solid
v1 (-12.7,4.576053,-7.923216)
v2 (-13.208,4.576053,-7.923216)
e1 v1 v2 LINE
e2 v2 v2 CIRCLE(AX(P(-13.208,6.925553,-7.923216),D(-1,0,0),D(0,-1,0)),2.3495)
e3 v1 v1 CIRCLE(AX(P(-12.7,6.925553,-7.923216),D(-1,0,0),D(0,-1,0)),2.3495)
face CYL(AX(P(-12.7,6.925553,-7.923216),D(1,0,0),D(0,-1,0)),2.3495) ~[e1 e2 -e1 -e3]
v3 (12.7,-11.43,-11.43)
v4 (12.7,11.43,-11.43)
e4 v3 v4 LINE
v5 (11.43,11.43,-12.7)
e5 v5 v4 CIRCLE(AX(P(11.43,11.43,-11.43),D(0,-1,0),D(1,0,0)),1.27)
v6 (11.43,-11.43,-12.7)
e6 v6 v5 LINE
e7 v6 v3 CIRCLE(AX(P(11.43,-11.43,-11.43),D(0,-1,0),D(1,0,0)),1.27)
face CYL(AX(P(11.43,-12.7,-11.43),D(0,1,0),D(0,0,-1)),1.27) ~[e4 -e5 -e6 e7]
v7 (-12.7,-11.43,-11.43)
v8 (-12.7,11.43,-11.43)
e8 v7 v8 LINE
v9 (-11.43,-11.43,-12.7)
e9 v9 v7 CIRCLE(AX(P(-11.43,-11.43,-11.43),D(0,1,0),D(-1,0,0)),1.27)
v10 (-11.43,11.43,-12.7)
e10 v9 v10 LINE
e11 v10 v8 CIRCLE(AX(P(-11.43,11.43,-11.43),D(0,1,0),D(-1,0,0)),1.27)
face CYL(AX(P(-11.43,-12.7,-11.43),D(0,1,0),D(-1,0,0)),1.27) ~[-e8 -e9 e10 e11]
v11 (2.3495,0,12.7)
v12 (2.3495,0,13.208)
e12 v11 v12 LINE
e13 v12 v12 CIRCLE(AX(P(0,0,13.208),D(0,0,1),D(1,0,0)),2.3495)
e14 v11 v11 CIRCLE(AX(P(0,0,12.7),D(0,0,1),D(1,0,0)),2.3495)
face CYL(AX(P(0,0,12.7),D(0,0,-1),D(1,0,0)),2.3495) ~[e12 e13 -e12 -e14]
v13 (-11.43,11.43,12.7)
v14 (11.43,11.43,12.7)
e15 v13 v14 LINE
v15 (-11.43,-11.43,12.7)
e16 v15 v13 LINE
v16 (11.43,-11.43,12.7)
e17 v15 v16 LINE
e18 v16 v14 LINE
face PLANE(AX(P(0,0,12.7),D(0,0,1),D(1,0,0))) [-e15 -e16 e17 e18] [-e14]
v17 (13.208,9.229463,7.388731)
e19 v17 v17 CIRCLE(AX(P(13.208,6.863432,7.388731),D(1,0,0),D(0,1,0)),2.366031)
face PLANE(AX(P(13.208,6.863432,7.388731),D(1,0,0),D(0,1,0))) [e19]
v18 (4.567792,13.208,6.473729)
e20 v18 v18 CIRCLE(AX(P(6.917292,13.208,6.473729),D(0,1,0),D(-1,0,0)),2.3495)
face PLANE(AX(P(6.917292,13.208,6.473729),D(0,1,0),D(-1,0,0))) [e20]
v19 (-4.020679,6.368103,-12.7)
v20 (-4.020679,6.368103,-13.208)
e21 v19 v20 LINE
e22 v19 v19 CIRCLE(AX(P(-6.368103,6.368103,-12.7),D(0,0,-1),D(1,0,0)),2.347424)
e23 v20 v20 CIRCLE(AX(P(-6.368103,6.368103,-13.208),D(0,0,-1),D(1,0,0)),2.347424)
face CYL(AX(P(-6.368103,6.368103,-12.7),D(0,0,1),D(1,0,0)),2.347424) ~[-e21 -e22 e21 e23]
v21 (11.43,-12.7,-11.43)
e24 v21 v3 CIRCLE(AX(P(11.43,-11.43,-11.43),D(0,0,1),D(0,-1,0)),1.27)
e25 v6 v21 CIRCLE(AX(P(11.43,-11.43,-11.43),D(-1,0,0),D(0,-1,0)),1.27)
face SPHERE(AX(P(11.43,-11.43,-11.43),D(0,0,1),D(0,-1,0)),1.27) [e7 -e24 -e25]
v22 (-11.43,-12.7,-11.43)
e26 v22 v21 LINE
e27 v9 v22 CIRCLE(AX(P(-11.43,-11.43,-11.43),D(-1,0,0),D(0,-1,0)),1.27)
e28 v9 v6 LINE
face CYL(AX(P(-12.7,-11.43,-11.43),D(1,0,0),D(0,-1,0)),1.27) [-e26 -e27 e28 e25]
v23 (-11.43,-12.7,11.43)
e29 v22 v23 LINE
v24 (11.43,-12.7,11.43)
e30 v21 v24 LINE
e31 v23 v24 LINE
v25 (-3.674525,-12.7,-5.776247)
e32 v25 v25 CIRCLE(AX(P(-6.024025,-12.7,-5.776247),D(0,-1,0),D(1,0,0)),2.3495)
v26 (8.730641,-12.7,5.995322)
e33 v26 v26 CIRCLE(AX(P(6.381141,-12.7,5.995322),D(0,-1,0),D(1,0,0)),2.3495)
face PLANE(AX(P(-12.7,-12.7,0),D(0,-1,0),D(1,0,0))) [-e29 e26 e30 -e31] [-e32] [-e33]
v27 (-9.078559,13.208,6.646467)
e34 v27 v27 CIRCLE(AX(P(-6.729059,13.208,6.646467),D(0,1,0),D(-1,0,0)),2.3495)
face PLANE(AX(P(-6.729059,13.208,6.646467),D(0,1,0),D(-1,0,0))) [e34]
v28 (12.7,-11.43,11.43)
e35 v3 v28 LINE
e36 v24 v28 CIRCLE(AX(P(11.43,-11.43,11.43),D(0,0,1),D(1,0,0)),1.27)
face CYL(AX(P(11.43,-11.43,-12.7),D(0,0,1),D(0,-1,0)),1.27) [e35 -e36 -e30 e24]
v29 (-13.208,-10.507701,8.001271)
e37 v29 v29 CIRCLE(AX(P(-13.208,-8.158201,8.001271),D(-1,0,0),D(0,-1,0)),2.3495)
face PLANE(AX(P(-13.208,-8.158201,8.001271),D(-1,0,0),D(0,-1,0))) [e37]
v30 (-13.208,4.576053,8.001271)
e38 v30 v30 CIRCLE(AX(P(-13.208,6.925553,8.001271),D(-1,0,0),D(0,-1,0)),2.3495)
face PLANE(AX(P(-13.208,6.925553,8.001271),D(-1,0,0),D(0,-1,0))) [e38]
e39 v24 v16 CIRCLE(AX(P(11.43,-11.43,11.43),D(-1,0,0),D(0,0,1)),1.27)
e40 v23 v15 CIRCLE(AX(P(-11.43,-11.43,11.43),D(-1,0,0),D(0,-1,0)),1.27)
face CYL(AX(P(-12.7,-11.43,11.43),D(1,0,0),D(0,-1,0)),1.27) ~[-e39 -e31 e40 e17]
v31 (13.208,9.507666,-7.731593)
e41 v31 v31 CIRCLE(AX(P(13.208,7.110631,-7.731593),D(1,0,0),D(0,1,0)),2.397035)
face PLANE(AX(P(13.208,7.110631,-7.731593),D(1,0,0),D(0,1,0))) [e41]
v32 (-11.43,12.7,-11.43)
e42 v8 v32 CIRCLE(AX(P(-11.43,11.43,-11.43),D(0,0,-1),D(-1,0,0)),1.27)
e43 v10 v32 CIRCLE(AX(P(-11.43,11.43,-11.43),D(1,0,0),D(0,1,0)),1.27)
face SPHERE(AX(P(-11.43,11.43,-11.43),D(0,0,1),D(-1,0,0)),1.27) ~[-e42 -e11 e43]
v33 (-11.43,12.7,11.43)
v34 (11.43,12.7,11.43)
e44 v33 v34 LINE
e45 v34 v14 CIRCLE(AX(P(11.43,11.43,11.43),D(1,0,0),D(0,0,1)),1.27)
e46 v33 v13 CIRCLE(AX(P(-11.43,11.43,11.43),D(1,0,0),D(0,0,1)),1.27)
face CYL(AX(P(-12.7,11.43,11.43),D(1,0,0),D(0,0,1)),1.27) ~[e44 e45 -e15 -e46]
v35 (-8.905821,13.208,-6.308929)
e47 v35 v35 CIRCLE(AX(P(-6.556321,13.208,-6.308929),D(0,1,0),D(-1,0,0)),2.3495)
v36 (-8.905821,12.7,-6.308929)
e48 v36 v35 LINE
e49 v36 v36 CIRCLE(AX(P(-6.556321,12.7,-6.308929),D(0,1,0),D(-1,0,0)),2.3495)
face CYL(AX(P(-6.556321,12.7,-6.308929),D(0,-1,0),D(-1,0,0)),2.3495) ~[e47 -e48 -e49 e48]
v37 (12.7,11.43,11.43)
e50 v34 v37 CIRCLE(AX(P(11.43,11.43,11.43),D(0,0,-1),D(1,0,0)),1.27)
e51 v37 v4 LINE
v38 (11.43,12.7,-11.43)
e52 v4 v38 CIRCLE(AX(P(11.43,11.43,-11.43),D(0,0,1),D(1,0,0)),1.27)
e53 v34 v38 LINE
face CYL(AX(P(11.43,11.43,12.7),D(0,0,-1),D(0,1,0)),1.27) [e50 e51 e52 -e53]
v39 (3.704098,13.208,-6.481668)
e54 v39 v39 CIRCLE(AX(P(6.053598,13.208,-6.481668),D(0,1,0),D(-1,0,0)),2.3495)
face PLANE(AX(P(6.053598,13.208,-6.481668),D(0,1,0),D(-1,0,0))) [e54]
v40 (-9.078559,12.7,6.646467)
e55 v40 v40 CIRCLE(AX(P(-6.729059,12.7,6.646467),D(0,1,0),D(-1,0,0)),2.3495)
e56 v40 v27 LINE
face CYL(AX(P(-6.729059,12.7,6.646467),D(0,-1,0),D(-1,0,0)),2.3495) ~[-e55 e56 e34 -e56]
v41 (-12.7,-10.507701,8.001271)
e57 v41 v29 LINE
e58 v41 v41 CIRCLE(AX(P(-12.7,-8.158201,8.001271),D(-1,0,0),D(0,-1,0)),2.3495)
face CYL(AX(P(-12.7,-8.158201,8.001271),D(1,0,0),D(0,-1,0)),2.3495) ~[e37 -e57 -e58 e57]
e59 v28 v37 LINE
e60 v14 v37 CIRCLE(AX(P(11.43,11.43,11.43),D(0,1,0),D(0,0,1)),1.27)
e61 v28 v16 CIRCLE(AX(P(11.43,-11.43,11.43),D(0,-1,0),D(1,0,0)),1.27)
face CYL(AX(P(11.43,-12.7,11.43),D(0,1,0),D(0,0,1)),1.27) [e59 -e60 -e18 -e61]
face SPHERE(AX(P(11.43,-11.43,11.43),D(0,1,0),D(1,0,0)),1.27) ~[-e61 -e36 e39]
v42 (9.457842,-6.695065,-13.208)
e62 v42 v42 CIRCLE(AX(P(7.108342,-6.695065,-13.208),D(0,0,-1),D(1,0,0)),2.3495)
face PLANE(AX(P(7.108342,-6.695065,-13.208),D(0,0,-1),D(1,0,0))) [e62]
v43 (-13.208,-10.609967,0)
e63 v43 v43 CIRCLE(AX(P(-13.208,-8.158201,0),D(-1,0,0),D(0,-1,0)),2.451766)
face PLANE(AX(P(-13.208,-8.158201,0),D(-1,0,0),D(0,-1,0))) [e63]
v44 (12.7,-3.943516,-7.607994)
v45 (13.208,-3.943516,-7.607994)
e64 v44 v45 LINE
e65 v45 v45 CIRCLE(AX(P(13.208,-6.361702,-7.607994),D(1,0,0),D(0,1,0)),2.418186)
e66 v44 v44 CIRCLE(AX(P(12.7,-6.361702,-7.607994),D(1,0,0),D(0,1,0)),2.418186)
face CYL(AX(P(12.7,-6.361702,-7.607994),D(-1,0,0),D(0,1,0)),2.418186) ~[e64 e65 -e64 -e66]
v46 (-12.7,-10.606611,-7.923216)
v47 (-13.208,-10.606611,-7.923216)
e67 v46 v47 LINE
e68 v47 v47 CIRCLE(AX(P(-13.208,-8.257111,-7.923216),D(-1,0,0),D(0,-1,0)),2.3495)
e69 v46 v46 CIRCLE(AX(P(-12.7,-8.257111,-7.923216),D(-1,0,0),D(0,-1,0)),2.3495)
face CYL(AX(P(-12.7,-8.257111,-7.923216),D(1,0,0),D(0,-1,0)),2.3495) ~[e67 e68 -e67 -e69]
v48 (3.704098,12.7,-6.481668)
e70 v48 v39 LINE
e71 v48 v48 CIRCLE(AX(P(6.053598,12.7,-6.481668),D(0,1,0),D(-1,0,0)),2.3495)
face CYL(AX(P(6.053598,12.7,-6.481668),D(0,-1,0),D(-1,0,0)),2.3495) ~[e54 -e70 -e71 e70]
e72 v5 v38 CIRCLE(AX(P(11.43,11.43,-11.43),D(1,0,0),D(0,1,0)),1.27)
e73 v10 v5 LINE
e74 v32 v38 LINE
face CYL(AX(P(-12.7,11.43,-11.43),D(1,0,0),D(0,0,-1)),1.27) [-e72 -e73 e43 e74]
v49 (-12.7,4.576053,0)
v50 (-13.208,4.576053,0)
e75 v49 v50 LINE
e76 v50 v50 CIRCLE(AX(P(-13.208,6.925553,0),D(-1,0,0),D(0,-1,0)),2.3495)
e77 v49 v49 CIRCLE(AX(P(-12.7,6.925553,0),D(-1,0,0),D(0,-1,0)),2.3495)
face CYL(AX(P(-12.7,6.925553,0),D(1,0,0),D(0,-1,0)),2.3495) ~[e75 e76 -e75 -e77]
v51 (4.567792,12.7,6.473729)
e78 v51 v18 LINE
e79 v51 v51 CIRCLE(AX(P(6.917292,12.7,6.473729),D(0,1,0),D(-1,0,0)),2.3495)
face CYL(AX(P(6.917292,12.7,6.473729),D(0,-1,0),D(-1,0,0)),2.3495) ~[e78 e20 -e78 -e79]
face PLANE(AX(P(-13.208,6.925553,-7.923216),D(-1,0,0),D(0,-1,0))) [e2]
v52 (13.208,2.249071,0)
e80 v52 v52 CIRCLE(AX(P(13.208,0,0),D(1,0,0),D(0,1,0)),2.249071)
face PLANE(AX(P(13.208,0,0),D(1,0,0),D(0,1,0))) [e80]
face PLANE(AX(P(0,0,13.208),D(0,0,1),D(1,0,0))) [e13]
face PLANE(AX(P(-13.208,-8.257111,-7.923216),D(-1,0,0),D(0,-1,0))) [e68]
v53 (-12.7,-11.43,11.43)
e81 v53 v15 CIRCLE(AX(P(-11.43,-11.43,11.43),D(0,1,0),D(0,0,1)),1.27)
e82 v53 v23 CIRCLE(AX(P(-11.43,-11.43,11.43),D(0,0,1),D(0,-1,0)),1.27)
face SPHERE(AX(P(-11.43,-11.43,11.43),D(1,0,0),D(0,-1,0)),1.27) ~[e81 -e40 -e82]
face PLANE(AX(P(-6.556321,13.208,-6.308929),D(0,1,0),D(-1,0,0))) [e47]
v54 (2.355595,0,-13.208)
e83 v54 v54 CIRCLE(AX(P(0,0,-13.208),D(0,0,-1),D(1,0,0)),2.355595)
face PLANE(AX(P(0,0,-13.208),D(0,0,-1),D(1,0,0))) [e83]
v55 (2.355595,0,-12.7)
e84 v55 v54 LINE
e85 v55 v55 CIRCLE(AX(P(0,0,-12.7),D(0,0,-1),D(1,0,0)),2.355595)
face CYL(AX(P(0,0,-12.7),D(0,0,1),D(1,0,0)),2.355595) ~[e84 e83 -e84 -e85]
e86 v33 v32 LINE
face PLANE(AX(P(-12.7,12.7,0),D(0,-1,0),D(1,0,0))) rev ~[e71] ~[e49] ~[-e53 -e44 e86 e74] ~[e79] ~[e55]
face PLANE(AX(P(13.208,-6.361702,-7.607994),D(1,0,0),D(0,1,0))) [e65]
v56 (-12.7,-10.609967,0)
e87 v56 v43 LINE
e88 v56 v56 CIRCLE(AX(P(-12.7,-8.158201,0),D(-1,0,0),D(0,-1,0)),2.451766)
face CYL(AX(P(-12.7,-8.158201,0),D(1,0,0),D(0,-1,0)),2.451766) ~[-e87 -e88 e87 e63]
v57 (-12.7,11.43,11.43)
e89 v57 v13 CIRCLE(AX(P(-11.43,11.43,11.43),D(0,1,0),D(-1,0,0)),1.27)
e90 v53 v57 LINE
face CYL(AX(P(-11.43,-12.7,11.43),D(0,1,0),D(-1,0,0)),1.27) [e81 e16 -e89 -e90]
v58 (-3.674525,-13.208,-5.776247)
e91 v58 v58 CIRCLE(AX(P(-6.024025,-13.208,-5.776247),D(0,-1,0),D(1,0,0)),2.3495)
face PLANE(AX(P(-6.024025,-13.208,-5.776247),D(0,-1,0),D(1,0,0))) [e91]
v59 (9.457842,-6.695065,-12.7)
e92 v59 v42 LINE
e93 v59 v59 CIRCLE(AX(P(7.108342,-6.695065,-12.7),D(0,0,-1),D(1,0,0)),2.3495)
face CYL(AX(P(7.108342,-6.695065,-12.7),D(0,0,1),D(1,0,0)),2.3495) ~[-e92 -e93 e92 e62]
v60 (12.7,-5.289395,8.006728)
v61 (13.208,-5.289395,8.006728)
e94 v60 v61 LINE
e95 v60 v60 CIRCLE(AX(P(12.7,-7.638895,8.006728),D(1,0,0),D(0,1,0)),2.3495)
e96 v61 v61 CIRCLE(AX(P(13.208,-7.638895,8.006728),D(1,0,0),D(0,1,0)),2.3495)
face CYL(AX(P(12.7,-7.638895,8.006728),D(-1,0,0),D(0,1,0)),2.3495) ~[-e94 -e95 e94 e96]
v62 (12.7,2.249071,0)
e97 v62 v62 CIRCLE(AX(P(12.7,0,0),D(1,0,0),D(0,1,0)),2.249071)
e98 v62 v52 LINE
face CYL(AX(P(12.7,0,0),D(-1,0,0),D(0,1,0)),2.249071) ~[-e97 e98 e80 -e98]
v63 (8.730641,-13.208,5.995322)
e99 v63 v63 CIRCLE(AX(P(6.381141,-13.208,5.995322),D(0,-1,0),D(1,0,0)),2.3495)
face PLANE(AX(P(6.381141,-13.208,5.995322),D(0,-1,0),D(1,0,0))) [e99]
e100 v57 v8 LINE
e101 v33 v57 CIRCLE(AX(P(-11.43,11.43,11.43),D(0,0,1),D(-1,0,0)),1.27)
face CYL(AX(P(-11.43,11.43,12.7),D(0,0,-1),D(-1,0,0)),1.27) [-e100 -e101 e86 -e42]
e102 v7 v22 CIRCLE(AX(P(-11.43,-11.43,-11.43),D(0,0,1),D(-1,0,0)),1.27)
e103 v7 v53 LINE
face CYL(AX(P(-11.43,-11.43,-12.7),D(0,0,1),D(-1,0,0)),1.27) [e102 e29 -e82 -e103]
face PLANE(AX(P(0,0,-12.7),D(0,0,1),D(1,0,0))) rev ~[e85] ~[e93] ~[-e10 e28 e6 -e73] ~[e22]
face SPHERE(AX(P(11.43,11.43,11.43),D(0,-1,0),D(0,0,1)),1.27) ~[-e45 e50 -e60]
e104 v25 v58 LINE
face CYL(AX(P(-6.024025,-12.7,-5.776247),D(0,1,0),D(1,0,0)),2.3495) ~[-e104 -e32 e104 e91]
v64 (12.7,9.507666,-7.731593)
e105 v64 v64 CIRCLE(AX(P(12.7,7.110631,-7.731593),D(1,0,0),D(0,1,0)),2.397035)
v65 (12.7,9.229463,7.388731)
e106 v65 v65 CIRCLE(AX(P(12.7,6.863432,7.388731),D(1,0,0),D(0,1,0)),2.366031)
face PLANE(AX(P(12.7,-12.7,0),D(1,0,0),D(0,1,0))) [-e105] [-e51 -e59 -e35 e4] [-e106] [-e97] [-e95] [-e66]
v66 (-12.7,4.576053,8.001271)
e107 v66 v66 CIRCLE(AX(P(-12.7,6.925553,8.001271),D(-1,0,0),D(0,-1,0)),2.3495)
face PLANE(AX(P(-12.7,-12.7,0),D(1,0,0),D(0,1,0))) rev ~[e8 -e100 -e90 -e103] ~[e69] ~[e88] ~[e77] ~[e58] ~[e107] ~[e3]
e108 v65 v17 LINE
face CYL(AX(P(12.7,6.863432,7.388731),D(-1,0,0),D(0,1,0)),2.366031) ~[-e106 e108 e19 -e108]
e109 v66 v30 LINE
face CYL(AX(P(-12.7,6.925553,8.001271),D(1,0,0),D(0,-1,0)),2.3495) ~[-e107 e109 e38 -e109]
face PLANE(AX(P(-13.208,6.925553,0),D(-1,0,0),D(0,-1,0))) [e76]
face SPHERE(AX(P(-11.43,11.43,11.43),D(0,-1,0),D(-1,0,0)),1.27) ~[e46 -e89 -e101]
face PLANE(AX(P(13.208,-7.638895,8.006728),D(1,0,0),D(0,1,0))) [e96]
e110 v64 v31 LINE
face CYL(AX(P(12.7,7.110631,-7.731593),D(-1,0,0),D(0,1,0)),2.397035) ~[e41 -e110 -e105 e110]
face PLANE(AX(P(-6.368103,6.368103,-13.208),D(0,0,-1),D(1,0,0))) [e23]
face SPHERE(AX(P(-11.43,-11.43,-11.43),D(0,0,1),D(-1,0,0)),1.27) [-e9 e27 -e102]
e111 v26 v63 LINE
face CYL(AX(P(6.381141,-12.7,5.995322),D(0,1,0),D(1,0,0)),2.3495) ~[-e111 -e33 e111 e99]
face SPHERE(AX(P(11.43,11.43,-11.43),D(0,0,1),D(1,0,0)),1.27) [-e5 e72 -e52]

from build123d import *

# Parameters (mm, degrees)
F0_W      = 25.4
F0_H      = 25.4
F1_DEPTH  = 12.7
F6_R      = 2.366031
F6_R_2    = 2.397035
F6_R_3    = 2.418186
F6_R_4    = 2.249071
F6_R_5    = 2.3495
F8_DEPTH  = 0.508
F3_R      = 2.3495
F9_DEPTH  = 0.508
F4_R      = 2.3495
F10_DEPTH = 0.508
F5_R      = 2.3495
F11_DEPTH = 0.508
F7_R      = 2.3495
F7_R_2    = 2.451766
F12_DEPTH = 0.508
F2_R      = 2.355595
F2_R_2    = 2.347424
F2_R_3    = 2.3495
F13_DEPTH = 0.508
F14_DEPTH = 0.508
F15_R     = 1.27


with BuildPart() as f1:
    # F0 (on Top) → F1 (new body, symmetric)
    with BuildSketch(Plane.XY):
        Rectangle(F0_W, F0_H)
    extrude(amount=F1_DEPTH, both=True)

    # F6 (on face) → F8 (join)
    with BuildSketch(Plane.YZ.offset(12.7)):
        with Locations((6.863432, 7.388731)):
            Circle(F6_R)
        with Locations((7.110631, -7.731593)):
            Circle(F6_R_2)
        with Locations((-6.361702, -7.607994)):
            Circle(F6_R_3)
        Circle(F6_R_4)
        with Locations((-7.638895, 8.006728)):
            Circle(F6_R_5)
    extrude(amount=F8_DEPTH)

    # F3 (on face) → F9 (join)
    with BuildSketch(Plane.XY.offset(12.7)):
        Circle(F3_R)
    extrude(amount=F9_DEPTH)

    # F4 (on face) → F10 (join)
    with BuildSketch(Plane(origin=(0, 12.7, 0), x_dir=(-1, 0, 0), z_dir=(0, 1, 0))):
        with Locations((-6.917292, 6.473729)):
            Circle(F4_R)
        with Locations((6.729059, 6.646467)):
            Circle(F4_R)
        with Locations((6.556321, -6.308929)):
            Circle(F4_R)
        with Locations((-6.053598, -6.481668)):
            Circle(F4_R)
    extrude(amount=F10_DEPTH)

    # F5 (on face) → F11 (join)
    with BuildSketch(Plane.XZ.offset(12.7)):
        with Locations((6.381141, 5.995322)):
            Circle(F5_R)
    extrude(amount=-F11_DEPTH)

    # F7 (on face) → F12 (join)
    with BuildSketch(Plane(origin=(-12.7, 0, 0), x_dir=(0, -1, 0), z_dir=(-1, 0, 0))):
        with Locations((-6.925553, 8.001271)):
            Circle(F7_R)
        with Locations((-6.925553, 0)):
            Circle(F7_R)
        with Locations((-6.925553, -7.923216)):
            Circle(F7_R)
        with Locations((8.158201, 8.001271)):
            Circle(F7_R)
        with Locations((8.158201, 0)):
            Circle(F7_R_2)
        with Locations((8.257111, -7.923216)):
            Circle(F7_R)
    extrude(amount=F12_DEPTH)

    # F2 (on face) → F13 (join)
    with BuildSketch(Plane(origin=(0, 0, -12.7), x_dir=(1, 0, 0), z_dir=(0, 0, -1))):
        Circle(F2_R)
        with Locations((-6.368103, -6.368103)):
            Circle(F2_R_2)
        with Locations((7.108342, 6.695065)):
            Circle(F2_R_3)
    extrude(amount=F13_DEPTH)

    # F5 (on face) → F14 (join)
    with BuildSketch(Plane.XZ.offset(12.7)):
        with Locations((-6.024025, -5.776247)):
            Circle(F5_R)
        with Locations((6.381141, 5.995322)):
            Circle(F5_R)
    extrude(amount=F14_DEPTH)

    # F15
    f15_edges = [f1.edges().sort_by_distance(p)[0] for p in [
        (12.7, 0, 12.7),
        (12.7, -12.7, 0),
        (0, -12.7, 12.7),
        (-12.7, -12.7, 0),
        (-12.7, 0, 12.7),
        (-12.7, 12.7, 0),
        (-12.7, 0, -12.7),
        (0, 12.7, 12.7),
        (12.7, 12.7, 0),
        (0, -12.7, -12.7),
        (12.7, 0, -12.7),
        (0, 12.7, -12.7),
    ]]
    fillet(f15_edges, radius=F15_R)


solid = f1.part
